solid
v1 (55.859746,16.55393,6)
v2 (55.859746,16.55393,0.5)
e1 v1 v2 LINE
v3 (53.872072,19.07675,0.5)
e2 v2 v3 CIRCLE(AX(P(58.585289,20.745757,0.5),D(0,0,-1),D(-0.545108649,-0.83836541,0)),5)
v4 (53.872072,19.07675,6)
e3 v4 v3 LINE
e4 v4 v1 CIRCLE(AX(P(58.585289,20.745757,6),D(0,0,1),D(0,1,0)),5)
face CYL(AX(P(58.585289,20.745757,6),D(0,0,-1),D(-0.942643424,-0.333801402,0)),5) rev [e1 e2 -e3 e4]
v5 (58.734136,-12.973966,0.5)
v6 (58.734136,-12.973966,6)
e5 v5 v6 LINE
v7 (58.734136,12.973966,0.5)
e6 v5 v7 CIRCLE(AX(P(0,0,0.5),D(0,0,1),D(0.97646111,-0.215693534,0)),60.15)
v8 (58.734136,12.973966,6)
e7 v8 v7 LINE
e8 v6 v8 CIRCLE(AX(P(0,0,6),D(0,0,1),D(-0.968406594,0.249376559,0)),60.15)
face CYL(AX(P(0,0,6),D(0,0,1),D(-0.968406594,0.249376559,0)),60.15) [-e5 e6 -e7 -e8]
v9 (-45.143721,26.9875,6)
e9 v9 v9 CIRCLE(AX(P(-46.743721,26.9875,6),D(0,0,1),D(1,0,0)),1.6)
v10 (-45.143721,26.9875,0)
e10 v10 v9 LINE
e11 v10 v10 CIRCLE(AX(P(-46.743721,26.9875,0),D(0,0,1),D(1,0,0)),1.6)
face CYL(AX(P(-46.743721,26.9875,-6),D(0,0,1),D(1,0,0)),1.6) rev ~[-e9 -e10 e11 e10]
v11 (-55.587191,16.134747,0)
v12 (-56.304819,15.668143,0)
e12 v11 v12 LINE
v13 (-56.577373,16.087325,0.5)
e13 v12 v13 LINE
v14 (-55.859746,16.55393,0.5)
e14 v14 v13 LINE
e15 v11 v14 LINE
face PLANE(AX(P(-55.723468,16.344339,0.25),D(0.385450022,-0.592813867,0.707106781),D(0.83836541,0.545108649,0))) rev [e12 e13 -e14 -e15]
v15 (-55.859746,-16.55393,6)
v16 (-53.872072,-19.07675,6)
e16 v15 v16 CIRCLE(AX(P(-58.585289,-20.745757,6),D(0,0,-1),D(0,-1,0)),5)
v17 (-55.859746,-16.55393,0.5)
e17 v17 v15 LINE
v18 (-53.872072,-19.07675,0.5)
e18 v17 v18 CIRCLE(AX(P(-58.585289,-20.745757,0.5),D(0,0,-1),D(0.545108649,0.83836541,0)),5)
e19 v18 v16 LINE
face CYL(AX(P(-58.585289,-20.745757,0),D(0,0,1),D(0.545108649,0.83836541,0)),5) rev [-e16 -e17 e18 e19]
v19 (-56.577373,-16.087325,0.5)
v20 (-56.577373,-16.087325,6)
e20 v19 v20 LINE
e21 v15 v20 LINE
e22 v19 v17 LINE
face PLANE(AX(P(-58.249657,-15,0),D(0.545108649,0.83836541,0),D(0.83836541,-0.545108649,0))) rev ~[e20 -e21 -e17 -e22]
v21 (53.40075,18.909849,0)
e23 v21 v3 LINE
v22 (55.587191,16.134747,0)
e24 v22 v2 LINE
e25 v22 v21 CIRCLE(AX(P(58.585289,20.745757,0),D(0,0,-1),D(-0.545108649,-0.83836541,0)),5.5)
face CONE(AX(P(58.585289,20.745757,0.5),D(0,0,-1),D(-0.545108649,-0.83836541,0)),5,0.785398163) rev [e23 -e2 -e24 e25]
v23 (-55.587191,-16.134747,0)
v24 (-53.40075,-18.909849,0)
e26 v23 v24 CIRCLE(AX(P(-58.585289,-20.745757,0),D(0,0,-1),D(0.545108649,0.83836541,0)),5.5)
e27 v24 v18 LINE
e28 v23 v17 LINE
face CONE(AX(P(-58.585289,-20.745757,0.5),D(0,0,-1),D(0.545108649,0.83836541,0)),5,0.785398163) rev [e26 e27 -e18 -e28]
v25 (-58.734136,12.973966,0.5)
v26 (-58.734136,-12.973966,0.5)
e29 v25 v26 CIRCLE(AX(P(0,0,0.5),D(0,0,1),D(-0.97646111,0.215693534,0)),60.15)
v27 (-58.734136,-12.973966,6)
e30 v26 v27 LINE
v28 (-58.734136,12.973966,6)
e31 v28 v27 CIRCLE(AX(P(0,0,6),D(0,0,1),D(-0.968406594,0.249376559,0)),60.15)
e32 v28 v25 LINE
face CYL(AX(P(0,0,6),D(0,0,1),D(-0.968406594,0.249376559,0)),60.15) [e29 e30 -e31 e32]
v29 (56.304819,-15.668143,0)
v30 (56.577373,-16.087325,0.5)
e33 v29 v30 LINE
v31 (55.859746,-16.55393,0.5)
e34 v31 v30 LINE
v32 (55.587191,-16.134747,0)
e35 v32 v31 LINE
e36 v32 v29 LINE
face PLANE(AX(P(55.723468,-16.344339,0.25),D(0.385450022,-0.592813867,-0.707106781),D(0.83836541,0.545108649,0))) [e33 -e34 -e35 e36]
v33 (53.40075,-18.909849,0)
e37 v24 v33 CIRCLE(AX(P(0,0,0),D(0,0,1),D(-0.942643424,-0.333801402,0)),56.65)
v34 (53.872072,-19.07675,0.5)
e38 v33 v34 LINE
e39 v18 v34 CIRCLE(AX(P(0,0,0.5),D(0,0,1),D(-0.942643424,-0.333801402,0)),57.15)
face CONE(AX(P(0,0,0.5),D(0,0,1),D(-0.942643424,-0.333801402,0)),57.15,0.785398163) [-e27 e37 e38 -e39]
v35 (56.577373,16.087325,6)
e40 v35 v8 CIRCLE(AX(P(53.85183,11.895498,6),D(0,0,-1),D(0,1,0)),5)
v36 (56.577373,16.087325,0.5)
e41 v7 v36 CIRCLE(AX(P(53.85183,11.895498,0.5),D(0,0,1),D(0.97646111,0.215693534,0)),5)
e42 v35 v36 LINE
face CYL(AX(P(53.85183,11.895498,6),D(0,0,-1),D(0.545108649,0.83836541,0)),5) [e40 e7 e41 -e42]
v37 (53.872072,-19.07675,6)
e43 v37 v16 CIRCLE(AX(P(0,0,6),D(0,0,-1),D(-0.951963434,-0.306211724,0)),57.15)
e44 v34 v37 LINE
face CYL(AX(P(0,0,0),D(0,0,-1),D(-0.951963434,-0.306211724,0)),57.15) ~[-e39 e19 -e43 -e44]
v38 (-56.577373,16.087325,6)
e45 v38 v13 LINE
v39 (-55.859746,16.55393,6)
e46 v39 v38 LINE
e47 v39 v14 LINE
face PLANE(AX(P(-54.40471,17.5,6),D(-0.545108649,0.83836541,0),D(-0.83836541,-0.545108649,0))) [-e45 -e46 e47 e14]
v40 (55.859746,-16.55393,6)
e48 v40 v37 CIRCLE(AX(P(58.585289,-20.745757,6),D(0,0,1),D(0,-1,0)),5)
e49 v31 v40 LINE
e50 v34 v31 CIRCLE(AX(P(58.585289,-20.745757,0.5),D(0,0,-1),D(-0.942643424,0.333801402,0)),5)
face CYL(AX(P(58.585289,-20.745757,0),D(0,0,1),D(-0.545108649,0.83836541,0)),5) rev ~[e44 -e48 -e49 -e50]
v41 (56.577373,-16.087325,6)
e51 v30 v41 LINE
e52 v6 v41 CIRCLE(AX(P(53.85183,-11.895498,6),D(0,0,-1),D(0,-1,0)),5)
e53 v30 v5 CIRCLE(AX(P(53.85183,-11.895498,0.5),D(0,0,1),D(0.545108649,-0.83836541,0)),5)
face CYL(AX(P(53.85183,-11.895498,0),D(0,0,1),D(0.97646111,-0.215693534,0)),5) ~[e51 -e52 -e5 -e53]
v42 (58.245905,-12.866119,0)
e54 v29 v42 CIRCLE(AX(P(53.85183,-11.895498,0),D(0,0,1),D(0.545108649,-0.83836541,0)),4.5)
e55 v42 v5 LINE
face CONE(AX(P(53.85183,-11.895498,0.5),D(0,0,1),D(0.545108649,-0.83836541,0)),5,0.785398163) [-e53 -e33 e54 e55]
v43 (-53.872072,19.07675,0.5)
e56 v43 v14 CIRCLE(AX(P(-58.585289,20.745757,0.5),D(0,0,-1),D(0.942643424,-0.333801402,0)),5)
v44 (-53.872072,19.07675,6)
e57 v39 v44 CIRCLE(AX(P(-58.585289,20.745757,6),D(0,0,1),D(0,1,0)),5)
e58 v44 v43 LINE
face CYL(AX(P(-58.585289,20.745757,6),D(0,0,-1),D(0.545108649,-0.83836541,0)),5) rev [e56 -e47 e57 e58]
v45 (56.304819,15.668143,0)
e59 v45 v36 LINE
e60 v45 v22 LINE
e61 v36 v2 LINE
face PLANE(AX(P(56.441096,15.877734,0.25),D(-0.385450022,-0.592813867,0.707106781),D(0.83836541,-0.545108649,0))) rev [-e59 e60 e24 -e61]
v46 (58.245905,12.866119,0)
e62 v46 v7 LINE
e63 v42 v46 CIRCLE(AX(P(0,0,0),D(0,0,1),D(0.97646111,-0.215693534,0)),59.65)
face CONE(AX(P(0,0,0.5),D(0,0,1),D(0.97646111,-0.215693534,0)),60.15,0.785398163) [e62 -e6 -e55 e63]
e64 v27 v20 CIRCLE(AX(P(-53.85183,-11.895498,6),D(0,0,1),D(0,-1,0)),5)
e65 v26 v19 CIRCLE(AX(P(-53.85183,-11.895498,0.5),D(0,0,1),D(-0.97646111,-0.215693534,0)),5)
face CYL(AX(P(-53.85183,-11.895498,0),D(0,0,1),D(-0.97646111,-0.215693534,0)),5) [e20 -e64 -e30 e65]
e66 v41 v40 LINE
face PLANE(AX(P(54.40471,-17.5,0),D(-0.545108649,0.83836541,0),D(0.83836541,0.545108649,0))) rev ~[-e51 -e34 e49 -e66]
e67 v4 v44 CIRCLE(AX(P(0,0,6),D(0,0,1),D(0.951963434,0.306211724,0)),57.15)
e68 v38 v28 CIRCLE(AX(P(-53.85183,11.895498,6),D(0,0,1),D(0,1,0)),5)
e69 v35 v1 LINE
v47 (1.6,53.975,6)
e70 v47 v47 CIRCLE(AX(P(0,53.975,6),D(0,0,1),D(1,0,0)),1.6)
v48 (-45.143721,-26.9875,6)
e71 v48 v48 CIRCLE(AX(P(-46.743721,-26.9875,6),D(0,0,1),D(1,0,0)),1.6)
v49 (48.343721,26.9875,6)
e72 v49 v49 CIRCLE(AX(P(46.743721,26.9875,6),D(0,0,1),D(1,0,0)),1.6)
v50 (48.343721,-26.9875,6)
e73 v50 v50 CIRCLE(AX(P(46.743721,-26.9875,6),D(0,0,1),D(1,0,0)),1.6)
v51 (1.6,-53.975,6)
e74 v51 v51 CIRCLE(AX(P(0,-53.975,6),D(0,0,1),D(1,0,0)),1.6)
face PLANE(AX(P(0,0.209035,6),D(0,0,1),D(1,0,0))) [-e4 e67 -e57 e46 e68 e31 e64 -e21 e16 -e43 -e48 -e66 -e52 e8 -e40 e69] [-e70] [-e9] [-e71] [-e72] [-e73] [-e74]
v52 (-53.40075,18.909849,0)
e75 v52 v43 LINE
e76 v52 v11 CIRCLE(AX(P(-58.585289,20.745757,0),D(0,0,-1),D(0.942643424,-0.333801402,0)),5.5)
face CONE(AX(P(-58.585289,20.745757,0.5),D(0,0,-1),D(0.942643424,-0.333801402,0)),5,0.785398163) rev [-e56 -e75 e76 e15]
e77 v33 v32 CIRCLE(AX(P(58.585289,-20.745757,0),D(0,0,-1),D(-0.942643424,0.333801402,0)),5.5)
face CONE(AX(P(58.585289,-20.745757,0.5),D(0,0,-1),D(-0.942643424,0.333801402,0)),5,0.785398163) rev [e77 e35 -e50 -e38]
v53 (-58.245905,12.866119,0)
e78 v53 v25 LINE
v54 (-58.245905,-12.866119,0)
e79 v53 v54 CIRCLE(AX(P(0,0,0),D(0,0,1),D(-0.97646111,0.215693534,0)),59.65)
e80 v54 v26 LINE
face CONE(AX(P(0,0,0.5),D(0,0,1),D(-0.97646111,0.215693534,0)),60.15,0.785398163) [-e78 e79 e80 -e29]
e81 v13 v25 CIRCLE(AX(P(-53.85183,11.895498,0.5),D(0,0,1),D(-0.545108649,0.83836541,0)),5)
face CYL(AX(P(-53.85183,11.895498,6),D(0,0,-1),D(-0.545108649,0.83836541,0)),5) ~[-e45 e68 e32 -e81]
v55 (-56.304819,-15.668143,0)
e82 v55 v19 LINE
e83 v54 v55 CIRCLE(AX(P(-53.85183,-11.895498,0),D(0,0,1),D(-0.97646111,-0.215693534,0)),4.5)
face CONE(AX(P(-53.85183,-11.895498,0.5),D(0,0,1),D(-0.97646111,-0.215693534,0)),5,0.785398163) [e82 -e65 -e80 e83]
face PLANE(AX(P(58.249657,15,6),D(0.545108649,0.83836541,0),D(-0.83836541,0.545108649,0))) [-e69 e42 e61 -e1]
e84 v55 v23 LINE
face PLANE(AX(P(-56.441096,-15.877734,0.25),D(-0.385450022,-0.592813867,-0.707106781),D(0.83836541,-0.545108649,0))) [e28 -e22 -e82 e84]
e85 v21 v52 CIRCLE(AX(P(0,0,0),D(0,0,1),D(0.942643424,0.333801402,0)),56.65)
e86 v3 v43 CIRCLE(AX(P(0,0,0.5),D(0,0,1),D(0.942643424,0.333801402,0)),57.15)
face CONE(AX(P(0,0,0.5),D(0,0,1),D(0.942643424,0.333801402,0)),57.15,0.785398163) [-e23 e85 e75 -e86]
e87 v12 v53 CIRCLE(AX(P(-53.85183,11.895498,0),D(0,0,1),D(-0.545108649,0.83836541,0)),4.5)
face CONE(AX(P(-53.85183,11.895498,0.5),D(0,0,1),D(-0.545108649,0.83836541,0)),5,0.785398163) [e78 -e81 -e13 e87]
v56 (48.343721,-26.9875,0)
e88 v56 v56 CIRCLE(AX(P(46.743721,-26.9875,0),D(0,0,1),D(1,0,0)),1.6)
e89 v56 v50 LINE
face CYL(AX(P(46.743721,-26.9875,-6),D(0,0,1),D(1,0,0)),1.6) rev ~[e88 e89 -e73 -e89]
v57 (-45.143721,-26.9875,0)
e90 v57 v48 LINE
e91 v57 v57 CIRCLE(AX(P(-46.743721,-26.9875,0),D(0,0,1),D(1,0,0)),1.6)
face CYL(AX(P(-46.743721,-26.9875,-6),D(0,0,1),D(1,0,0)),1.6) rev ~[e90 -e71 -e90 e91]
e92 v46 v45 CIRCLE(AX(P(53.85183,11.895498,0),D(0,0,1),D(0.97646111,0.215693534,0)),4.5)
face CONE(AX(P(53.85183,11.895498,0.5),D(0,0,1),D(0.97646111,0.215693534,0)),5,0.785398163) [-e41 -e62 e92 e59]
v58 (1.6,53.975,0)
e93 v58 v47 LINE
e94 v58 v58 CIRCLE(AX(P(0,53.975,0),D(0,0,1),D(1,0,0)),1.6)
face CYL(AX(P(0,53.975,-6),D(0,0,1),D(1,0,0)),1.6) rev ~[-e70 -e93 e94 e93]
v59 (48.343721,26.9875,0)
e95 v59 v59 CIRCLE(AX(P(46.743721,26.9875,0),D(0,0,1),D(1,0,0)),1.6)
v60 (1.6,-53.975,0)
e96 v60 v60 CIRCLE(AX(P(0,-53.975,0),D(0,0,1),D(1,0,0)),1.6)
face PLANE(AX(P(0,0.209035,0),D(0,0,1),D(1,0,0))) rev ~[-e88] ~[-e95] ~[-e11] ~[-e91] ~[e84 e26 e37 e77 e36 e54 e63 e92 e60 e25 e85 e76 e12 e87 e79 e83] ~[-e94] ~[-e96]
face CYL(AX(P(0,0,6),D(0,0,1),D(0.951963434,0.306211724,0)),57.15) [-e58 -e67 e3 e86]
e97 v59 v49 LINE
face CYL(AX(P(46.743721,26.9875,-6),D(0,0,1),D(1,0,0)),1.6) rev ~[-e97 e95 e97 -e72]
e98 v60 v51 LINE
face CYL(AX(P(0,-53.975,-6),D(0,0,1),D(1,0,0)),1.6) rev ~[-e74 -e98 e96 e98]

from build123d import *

# Parameters (mm, degrees)
EXTRUDE_1_DEPTH             = 6
CUT_EXTRUDE_1_DEPTH         = 7
HOLE_WIZARD_3_2_3_2_1_D     = 3.2
HOLE_WIZARD_3_2_3_2_1_DEPTH = 6
FILLET_1_R                  = 5
CHAMFER_1_SIZE              = 0.5


with BuildPart() as part:
    # 草图1 → 凸台-拉伸1 (new body)
    with BuildSketch(Plane.XY.offset(6)):
        with BuildLine():
            Line((-54.404710274, 17.5), (-58.249656651, 15))
            ThreePointArc((-58.249656651, 15), (0, -60.15), (58.249656651, 15))
            Line((58.249656651, 15), (54.404710274, 17.5))
            ThreePointArc((54.404710274, 17.5), (0, 57.15), (-54.404710274, 17.5))
        make_face()
    extrude(amount=-EXTRUDE_1_DEPTH)

    # 草图2 → 切除-拉伸1 (cut, through all)
    with BuildSketch(Plane(origin=(0, 0, 0), x_dir=(-1, 0, 0), z_dir=(0, 0, -1))):
        with BuildLine():
            Line((58.249656651, -15), (54.404710274, -17.5))
            ThreePointArc((54.404710274, -17.5), (0, -57.15), (-54.404710274, -17.5))
            Line((-54.404710274, -17.5), (-58.249656651, -15))
            ThreePointArc((-58.249656651, -15), (0, -60.15), (58.249656651, -15))
        make_face()
    extrude(amount=-CUT_EXTRUDE_1_DEPTH, mode=Mode.SUBTRACT)

    # Ø3.2 (3.2) 直径孔1
    with Locations(Plane(origin=(0, 0, 0), x_dir=(-1, 0, 0), z_dir=(0, 0, -1))):
        with Locations((0, 53.975), (46.743721169, -26.9875), (-46.743721169, 26.9875), (-46.743721169, -26.9875), (0, -53.975), (46.743721169, 26.9875)):
            Hole(HOLE_WIZARD_3_2_3_2_1_D / 2, depth=HOLE_WIZARD_3_2_3_2_1_DEPTH)

    # 圆角1
    fillet_1_edges = [part.edges().sort_by_distance(p)[0] for p in [
        (-58.249656651, -15, 3),
        (58.249656651, -15, 3),
        (54.404710274, -17.5, 3),
        (-54.404710274, -17.5, 3),
        (54.404710274, 17.5, 3),
        (58.249656651, 15, 3),
        (-58.249656651, 15, 3),
        (-54.404710274, 17.5, 3),
    ]]
    fillet(fillet_1_edges, radius=FILLET_1_R)

    # 倒角1
    chamfer_1_edges = [part.edges().sort_by_distance(p)[0] for p in [
        (0, -57.15, 0),
        (-56.218559502, -16.320627747, 0),
        (60.15, 0, 0),
        (56.218559502, 16.320627747, 0),
        (56.218559502, -16.320627747, 0),
        (-60.15, 0, 0),
        (-56.218559502, 16.320627747, 0),
        (0, 57.15, 0),
        (-57.961950962, 14.742761538, 0),
        (57.961950962, -14.742761538, 0),
        (-57.961950962, -14.742761538, 0),
        (57.961950962, 14.742761538, 0),
        (-54.657828511, -17.651398409, 0),
        (54.657828511, -17.651398409, 0),
        (54.657828511, 17.651398409, 0),
        (-54.657828511, 17.651398409, 0),
    ]]
    chamfer(chamfer_1_edges, length=CHAMFER_1_SIZE)


solid = part.part
